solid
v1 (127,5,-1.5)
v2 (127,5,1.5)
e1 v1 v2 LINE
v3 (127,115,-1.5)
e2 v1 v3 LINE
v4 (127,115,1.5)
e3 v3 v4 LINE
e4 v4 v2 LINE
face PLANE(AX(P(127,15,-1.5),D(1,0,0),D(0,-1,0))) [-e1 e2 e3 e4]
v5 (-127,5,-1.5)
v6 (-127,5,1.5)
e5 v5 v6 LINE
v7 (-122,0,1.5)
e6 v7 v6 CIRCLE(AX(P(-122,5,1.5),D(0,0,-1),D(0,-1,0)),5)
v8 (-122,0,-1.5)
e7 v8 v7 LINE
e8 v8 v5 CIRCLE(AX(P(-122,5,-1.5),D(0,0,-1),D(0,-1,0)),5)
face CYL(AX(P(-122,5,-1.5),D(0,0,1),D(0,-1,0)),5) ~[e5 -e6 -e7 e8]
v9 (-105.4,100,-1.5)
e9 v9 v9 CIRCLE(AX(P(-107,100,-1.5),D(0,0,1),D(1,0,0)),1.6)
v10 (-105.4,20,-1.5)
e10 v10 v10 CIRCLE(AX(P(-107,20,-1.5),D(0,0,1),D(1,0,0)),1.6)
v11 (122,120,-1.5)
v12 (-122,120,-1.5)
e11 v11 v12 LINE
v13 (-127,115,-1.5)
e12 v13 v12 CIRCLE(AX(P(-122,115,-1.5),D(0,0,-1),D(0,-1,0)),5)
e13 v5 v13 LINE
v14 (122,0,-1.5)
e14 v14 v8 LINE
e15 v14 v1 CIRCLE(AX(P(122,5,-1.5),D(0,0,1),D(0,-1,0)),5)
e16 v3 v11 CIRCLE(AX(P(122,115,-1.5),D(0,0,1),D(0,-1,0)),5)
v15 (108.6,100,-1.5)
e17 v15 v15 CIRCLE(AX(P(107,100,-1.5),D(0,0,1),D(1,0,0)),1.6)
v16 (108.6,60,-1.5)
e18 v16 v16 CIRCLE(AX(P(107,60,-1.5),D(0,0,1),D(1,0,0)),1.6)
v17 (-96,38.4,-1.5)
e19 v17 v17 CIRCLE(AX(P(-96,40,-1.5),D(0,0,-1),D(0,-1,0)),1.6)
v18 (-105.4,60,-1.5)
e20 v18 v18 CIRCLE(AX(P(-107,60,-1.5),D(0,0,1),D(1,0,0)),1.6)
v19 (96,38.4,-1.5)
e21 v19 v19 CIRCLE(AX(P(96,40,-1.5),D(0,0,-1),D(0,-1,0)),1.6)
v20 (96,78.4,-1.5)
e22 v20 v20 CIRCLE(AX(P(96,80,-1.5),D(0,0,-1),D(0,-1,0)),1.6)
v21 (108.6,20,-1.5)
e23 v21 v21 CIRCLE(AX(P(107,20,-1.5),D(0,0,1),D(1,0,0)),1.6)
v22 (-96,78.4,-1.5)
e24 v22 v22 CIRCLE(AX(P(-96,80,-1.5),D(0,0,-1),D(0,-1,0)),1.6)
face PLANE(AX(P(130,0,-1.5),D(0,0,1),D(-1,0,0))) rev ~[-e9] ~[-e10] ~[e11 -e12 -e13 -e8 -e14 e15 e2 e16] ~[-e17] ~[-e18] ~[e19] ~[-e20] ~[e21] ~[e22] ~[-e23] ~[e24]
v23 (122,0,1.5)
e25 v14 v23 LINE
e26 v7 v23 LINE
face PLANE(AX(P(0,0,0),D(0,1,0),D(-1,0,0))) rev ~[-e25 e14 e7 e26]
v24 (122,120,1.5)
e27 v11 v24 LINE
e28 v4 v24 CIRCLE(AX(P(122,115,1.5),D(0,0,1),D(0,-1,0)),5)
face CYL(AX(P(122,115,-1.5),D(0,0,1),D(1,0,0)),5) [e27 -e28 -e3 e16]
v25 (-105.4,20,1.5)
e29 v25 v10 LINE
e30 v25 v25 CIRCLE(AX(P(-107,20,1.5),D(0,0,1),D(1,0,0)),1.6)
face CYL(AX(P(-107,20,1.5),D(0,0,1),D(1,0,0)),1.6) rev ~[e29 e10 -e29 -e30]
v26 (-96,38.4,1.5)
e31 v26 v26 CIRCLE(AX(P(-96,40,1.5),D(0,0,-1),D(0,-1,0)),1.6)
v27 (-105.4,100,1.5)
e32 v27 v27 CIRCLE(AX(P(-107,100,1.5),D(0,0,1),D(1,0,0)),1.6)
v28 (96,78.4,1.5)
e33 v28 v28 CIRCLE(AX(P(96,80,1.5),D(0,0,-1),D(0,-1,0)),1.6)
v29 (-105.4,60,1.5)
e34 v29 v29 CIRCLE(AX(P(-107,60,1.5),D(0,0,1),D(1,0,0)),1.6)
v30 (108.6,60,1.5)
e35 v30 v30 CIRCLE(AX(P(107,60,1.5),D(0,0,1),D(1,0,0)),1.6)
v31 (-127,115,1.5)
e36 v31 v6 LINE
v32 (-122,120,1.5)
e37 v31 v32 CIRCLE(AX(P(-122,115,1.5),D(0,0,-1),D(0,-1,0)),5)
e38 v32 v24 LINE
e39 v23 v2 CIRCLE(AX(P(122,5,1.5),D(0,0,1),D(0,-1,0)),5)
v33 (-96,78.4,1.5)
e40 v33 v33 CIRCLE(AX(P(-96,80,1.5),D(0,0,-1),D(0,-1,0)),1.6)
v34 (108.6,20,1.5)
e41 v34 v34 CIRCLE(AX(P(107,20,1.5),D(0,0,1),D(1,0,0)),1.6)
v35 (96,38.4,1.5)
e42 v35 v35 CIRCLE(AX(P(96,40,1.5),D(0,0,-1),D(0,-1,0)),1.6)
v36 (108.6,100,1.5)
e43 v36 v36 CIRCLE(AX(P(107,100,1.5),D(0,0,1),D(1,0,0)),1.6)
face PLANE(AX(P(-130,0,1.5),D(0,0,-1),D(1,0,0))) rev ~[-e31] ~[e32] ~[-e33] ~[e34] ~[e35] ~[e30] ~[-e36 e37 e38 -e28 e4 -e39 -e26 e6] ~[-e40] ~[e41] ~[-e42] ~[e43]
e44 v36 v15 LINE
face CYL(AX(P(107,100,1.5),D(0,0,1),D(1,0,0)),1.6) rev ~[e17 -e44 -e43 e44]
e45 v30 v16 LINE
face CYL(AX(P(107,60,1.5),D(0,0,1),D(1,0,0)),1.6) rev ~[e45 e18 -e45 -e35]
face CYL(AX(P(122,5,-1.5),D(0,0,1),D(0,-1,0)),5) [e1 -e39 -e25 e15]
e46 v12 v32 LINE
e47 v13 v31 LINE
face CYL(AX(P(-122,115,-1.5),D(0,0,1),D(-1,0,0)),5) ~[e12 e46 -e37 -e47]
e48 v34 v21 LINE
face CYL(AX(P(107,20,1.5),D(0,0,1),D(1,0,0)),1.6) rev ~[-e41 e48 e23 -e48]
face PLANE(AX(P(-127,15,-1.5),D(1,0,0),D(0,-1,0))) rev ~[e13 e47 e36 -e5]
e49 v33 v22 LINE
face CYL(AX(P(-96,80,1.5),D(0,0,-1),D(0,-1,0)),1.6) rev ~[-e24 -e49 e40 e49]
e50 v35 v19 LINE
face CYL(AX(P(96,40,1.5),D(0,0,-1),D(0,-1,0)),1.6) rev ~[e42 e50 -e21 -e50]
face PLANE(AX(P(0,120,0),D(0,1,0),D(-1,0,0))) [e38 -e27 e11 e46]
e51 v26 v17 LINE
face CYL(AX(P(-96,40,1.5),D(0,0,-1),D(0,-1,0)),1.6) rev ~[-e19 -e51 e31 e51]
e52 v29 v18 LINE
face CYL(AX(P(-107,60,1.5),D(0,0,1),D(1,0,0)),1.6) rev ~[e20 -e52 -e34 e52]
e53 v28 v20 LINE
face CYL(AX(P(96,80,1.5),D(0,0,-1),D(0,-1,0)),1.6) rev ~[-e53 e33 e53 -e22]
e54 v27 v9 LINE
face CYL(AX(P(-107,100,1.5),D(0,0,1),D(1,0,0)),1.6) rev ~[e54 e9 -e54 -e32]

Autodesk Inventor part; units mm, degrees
ref_plane "YZ Plane" through (0, 0, 0) normal (1, 0, 0) x (0, 1, 0)
ref_plane "XZ Plane" through (0, 0, 0) normal (0, 1, 0) x (-1, 0, 0)
ref_plane "XY Plane" through (0, 0, 0) normal (0, 0, 1) x (1, 0, 0)
sketch "スケッチ1" plane through (0, 0, 0) normal (0, 1, 0) x (-1, 0, 0)
  line L0 (130, 1.5) -> (-130, 1.5)
  line L1 (-130, 1.5) -> (-130, -1.5)
  line L2 (-130, -1.5) -> (130, -1.5)
  line L3 (130, -1.5) -> (130, 1.5)
  line L4 (130, 1.5) -> (-130, -1.5) construction
  line L5 (-130, 1.5) -> (130, -1.5) construction
  point P0 (0, 0)
  dimension "d0" = 260
  dimension "d1" = 3
extrude "押し出し1" add sketch "スケッチ1" along normal blind 120
sketch "スケッチ5" plane through (130, 0, -1.5) normal (0, 0, -1) x (-1, 0, 0)
  line L0 (0, 0) -> (260, 0) projected
  line L1 (0, 120) -> (3, 120)
  line L2 (3, 120) -> (3, 0)
  line L3 (3, 0) -> (0, 0)
  line L4 (0, 0) -> (0, 120)
  line L5 (0, 105) -> (3, 105)
  line L6 (3, 105) -> (3, 15)
  line L7 (3, 15) -> (0, 15)
  line L8 (0, 15) -> (0, 105)
  line L9 (0, 120) -> (260, 120) projected
  line L10 (130, 120) -> (130, 0)
  line L11 (260, 0) -> (0, 0)
  line L12 (260, 120) -> (257, 120)
  line L13 (257, 120) -> (257, 0)
  line L14 (260, 0) -> (260, 120)
  line L15 (260, 105) -> (257, 105)
  line L16 (257, 15) -> (260, 15)
  point P0 (1.5, 105)
  point P1 (1.5, 120)
  point P2 (1.5, 15)
  point P3 (1.5, 0)
  point P4 (258.5, 15)
  point P5 (257, 0)
  point P6 (257, 120)
  point P7 (0, 15)
  point P8 (3, 105)
  dimension "d22" = 3
  dimension "d23" = 15
  dimension "d24" = 15
extrude "押し出し4" cut sketch "スケッチ5" against normal through all contours L4 L7 L2 L0 | L4 L5 L2 L7 | L4 L1 L2 L5 | L13 L16 L14 L0 | L13 L15 L14 L16 | L9 L14 L15 L13
sketch "スケッチ8" plane through (-127, 0, 1.5) normal (0, 0, 1) x (1, 0, 0)
  circle A0 centre (20, 100) radius 1.6
  circle A1 centre (20, 20) radius 1.6
  line L0 (0, 120) -> (0, 0) projected
  line L1 (0, 120) -> (254, 120) projected
  line L2 (0, 0) -> (254, 0) projected
  line L3 (127, 120) -> (127, 0)
  circle A2 centre (234, 100) radius 1.6
  circle A3 centre (234, 20) radius 1.6
  circle A4 centre (20, 60) radius 1.6
  circle A5 centre (234, 60) radius 1.6
  dimension "d31" = 20
  dimension "d32" = 20
  dimension "d33" = 20
  dimension "d34" = 20
  dimension "d35" = 3.2
  dimension "d36" = 3.2
  dimension "d73" = 3.2
  dimension "d74" = 40
  dimension "d75" = 20
extrude "押し出し7" cut sketch "スケッチ8" against normal through all contours A0 | A1 | A2 | A3 | A4 | A5
fillet "フィレット1" radius 5 4 edges at (-127, 120, 0) (-127, 0, 0) (127, 120, 0) (127, 0, 0)
sketch "スケッチ13" plane through (-122, 0, 1.5) normal (0, 0, 1) x (1, 0, 0)
  line L0 (244, 120) -> (0, 120) projected
  line L1 (122, 120) -> (122, 0)
  circle A0 centre (15, 100) radius 1.6 projected
  circle A1 centre (15, 20) radius 1.6 projected
  circle A2 centre (15, 60) radius 1.6 projected
  circle A3 centre (122, 60) radius 12.5 projected
  line L2 (122, 60) -> (122, 88.3789)
  point P0 (26, 80)
  point P1 (26, 40)
  point P2 (218, 80)
  point P3 (218, 40)
  dimension "d76" = 11
  dimension "d77" = 40
  dimension "d78" = 20
  dimension "d79" = 11
hole "穴1" at (-96, 80, 1.5) at (-96, 40, 1.5) at (96, 40, 1.5) at (96, 80, 1.5) direction (0, 0, -1) diameter 3.2 end through all
equation "\"d36\" = d35"
equation "\"d73\" = d35"
equation "\"d78\" = 0.5 * d77"
properties part number "BP_BOX-Back-120" material "アセタール樹脂、白"
